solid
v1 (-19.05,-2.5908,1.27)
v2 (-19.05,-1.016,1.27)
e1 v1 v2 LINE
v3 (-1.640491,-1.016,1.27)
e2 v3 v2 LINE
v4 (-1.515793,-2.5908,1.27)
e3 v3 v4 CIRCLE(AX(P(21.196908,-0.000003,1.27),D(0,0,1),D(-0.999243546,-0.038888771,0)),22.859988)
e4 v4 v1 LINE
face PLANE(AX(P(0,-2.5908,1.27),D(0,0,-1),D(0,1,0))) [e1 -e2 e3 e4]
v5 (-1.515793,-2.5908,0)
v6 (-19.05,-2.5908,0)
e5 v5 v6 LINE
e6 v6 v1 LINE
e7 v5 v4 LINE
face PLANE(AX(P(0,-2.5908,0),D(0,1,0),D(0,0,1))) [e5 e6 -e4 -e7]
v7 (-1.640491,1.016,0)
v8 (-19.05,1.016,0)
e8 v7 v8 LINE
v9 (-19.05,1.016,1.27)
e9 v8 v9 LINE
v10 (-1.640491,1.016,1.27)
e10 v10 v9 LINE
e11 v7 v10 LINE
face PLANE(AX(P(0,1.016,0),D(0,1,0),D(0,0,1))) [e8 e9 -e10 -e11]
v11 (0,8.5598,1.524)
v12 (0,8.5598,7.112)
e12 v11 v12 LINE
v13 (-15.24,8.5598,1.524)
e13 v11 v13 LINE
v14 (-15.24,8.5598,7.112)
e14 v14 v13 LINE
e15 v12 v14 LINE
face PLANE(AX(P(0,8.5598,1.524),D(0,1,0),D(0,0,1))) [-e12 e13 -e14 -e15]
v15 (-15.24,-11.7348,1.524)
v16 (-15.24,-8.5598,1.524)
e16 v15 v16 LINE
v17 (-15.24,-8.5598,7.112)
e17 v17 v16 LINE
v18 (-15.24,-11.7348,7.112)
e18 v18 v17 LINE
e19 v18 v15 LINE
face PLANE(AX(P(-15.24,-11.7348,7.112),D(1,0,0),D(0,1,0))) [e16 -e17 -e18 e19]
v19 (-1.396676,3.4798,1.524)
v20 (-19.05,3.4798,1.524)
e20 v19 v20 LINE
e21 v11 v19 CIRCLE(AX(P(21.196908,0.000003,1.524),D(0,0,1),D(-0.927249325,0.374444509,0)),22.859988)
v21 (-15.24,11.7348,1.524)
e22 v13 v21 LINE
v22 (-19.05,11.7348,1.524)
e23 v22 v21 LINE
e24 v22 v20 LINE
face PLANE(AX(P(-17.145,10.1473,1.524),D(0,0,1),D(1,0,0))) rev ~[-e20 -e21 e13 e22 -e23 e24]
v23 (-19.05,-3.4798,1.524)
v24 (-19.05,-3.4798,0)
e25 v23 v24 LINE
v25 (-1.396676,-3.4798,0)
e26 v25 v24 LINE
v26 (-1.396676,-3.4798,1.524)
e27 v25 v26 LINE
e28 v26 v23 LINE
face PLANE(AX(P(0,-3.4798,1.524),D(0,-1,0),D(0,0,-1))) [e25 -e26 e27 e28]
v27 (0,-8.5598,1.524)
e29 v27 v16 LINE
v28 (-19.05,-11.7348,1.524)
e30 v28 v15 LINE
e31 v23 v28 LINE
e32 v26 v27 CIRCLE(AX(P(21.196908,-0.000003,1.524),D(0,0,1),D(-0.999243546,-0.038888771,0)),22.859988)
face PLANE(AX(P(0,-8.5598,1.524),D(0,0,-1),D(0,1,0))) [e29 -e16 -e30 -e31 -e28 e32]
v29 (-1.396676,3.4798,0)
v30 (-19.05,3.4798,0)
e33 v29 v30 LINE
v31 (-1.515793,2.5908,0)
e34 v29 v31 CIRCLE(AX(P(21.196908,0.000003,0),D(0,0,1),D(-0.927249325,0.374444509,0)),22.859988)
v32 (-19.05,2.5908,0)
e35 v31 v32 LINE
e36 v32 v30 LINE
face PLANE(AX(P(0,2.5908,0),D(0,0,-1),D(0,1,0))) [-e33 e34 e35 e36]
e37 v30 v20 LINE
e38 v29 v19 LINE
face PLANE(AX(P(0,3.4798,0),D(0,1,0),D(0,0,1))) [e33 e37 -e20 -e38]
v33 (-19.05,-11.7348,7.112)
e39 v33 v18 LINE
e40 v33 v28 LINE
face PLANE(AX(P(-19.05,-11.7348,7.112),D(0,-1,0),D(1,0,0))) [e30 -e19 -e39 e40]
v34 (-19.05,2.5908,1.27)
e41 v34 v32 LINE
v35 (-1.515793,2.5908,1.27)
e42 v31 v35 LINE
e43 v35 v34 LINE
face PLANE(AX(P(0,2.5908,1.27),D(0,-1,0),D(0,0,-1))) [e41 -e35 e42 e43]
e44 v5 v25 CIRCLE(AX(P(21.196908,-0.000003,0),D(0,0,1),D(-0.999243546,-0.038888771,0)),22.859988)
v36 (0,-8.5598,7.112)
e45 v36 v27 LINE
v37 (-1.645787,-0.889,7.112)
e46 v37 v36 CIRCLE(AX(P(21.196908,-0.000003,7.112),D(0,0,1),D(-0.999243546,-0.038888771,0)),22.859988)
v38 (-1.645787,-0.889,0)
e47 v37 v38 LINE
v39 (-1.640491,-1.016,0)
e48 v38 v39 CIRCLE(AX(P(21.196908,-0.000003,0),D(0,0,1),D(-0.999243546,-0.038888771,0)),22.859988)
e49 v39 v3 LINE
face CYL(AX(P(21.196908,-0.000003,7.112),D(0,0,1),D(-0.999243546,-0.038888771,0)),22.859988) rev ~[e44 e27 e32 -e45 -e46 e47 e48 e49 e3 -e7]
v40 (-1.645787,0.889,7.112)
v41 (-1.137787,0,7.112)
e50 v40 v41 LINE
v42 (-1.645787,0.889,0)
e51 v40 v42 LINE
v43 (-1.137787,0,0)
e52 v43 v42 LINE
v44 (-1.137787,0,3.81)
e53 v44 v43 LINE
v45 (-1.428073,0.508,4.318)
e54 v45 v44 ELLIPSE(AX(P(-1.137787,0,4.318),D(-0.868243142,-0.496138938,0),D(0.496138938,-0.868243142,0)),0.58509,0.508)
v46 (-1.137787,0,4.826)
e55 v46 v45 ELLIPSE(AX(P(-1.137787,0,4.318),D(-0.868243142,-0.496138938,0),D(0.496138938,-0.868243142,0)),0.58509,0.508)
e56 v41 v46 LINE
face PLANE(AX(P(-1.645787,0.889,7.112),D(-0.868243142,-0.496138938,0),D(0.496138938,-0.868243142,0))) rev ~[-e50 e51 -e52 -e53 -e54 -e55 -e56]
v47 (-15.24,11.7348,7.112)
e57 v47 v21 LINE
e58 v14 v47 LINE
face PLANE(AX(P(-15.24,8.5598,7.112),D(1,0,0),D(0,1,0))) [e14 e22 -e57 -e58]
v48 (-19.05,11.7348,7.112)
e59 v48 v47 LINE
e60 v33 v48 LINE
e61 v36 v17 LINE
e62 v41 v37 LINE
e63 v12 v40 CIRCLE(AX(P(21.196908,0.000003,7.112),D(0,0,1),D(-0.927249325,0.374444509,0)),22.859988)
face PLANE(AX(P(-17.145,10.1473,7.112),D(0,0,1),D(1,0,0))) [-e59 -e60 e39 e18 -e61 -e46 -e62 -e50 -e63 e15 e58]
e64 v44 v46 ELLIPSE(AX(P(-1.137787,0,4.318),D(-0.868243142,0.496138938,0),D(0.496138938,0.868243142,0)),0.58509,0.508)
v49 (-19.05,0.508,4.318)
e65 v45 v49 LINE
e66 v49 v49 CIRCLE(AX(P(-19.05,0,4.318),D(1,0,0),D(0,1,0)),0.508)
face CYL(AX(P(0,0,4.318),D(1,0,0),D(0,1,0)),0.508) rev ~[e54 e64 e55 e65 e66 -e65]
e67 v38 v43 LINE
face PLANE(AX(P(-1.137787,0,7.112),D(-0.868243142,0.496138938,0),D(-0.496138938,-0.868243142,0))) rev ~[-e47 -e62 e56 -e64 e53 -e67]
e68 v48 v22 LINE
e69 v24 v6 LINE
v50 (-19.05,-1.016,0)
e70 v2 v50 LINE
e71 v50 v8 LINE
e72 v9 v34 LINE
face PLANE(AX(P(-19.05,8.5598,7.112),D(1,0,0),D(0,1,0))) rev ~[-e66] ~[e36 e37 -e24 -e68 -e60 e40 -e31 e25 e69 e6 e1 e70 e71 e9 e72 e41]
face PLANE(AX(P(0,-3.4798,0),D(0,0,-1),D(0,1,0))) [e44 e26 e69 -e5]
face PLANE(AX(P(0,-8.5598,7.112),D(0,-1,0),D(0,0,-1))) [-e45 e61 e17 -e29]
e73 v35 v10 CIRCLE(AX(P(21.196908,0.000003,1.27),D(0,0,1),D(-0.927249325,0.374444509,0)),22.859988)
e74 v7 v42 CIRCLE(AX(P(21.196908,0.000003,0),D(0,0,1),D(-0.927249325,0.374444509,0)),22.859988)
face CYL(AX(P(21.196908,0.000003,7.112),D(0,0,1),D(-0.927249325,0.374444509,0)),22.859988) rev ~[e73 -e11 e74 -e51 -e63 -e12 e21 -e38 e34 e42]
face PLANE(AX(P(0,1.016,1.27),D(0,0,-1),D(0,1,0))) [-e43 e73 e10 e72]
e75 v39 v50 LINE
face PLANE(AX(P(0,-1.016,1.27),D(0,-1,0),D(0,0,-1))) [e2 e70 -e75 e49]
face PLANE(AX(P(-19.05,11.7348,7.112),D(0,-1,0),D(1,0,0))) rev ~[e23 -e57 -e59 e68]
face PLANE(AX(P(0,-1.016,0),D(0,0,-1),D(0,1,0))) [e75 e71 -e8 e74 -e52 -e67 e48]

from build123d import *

# Parameters (mm, degrees)
F1_DEPTH = 19.05
F2_W     = 3.81
F2_H     = 3.175
F3_DEPTH = 5.588
F5_DEPTH = 7.113
F6_R     = 0.508
F7_DEPTH = 19.051


with BuildPart() as f1:
    # F0 (on Right) → F1 (new body)
    with BuildSketch(Plane.YZ):
        Polygon((-1.016, 1.27), (-1.016, 0), (1.016, 0), (1.016, 1.27), (2.5908, 1.27), (2.5908, 0), (3.4798, 0), (3.4798, 1.524), (8.5598, 1.524), (8.5598, 7.112), (-8.5598, 7.112), (-8.5598, 1.524), (-3.4798, 1.524), (-3.4798, 0), (-2.5908, 0), (-2.5908, 1.27), align=None)
    extrude(amount=-F1_DEPTH)

    # F2 (on face) → F3 (join, through all)
    with BuildSketch(Plane.XY.offset(7.112)):
        with Locations((-17.145, 10.1473)):
            Rectangle(F2_W, F2_H)
        with Locations((-17.145, -10.1473)):
            Rectangle(F2_W, F2_H)
    extrude(amount=-F3_DEPTH)

    # F4 (on face) → F5 (cut, through all)
    with BuildSketch(Plane.XY.offset(7.112)):
        with BuildLine():
            Line((0, -8.5598), (0, 8.5598))
            ThreePointArc((0, 8.5598), (-1.154422, 4.79553), (-1.645787, 0.889))
            Line((-1.645787, 0.889), (-1.137787, 0))
            Line((-1.137787, 0), (-1.645787, -0.889))
            ThreePointArc((-1.645787, -0.889), (-1.154422, -4.79553), (0, -8.5598))
        make_face()
    extrude(amount=-F5_DEPTH, mode=Mode.SUBTRACT)

    # F6 (on Right) → F7 (cut, through all)
    with BuildSketch(Plane.YZ):
        with Locations((0, 4.318)):
            Circle(F6_R)
    extrude(amount=-F7_DEPTH, mode=Mode.SUBTRACT)


solid = f1.part
